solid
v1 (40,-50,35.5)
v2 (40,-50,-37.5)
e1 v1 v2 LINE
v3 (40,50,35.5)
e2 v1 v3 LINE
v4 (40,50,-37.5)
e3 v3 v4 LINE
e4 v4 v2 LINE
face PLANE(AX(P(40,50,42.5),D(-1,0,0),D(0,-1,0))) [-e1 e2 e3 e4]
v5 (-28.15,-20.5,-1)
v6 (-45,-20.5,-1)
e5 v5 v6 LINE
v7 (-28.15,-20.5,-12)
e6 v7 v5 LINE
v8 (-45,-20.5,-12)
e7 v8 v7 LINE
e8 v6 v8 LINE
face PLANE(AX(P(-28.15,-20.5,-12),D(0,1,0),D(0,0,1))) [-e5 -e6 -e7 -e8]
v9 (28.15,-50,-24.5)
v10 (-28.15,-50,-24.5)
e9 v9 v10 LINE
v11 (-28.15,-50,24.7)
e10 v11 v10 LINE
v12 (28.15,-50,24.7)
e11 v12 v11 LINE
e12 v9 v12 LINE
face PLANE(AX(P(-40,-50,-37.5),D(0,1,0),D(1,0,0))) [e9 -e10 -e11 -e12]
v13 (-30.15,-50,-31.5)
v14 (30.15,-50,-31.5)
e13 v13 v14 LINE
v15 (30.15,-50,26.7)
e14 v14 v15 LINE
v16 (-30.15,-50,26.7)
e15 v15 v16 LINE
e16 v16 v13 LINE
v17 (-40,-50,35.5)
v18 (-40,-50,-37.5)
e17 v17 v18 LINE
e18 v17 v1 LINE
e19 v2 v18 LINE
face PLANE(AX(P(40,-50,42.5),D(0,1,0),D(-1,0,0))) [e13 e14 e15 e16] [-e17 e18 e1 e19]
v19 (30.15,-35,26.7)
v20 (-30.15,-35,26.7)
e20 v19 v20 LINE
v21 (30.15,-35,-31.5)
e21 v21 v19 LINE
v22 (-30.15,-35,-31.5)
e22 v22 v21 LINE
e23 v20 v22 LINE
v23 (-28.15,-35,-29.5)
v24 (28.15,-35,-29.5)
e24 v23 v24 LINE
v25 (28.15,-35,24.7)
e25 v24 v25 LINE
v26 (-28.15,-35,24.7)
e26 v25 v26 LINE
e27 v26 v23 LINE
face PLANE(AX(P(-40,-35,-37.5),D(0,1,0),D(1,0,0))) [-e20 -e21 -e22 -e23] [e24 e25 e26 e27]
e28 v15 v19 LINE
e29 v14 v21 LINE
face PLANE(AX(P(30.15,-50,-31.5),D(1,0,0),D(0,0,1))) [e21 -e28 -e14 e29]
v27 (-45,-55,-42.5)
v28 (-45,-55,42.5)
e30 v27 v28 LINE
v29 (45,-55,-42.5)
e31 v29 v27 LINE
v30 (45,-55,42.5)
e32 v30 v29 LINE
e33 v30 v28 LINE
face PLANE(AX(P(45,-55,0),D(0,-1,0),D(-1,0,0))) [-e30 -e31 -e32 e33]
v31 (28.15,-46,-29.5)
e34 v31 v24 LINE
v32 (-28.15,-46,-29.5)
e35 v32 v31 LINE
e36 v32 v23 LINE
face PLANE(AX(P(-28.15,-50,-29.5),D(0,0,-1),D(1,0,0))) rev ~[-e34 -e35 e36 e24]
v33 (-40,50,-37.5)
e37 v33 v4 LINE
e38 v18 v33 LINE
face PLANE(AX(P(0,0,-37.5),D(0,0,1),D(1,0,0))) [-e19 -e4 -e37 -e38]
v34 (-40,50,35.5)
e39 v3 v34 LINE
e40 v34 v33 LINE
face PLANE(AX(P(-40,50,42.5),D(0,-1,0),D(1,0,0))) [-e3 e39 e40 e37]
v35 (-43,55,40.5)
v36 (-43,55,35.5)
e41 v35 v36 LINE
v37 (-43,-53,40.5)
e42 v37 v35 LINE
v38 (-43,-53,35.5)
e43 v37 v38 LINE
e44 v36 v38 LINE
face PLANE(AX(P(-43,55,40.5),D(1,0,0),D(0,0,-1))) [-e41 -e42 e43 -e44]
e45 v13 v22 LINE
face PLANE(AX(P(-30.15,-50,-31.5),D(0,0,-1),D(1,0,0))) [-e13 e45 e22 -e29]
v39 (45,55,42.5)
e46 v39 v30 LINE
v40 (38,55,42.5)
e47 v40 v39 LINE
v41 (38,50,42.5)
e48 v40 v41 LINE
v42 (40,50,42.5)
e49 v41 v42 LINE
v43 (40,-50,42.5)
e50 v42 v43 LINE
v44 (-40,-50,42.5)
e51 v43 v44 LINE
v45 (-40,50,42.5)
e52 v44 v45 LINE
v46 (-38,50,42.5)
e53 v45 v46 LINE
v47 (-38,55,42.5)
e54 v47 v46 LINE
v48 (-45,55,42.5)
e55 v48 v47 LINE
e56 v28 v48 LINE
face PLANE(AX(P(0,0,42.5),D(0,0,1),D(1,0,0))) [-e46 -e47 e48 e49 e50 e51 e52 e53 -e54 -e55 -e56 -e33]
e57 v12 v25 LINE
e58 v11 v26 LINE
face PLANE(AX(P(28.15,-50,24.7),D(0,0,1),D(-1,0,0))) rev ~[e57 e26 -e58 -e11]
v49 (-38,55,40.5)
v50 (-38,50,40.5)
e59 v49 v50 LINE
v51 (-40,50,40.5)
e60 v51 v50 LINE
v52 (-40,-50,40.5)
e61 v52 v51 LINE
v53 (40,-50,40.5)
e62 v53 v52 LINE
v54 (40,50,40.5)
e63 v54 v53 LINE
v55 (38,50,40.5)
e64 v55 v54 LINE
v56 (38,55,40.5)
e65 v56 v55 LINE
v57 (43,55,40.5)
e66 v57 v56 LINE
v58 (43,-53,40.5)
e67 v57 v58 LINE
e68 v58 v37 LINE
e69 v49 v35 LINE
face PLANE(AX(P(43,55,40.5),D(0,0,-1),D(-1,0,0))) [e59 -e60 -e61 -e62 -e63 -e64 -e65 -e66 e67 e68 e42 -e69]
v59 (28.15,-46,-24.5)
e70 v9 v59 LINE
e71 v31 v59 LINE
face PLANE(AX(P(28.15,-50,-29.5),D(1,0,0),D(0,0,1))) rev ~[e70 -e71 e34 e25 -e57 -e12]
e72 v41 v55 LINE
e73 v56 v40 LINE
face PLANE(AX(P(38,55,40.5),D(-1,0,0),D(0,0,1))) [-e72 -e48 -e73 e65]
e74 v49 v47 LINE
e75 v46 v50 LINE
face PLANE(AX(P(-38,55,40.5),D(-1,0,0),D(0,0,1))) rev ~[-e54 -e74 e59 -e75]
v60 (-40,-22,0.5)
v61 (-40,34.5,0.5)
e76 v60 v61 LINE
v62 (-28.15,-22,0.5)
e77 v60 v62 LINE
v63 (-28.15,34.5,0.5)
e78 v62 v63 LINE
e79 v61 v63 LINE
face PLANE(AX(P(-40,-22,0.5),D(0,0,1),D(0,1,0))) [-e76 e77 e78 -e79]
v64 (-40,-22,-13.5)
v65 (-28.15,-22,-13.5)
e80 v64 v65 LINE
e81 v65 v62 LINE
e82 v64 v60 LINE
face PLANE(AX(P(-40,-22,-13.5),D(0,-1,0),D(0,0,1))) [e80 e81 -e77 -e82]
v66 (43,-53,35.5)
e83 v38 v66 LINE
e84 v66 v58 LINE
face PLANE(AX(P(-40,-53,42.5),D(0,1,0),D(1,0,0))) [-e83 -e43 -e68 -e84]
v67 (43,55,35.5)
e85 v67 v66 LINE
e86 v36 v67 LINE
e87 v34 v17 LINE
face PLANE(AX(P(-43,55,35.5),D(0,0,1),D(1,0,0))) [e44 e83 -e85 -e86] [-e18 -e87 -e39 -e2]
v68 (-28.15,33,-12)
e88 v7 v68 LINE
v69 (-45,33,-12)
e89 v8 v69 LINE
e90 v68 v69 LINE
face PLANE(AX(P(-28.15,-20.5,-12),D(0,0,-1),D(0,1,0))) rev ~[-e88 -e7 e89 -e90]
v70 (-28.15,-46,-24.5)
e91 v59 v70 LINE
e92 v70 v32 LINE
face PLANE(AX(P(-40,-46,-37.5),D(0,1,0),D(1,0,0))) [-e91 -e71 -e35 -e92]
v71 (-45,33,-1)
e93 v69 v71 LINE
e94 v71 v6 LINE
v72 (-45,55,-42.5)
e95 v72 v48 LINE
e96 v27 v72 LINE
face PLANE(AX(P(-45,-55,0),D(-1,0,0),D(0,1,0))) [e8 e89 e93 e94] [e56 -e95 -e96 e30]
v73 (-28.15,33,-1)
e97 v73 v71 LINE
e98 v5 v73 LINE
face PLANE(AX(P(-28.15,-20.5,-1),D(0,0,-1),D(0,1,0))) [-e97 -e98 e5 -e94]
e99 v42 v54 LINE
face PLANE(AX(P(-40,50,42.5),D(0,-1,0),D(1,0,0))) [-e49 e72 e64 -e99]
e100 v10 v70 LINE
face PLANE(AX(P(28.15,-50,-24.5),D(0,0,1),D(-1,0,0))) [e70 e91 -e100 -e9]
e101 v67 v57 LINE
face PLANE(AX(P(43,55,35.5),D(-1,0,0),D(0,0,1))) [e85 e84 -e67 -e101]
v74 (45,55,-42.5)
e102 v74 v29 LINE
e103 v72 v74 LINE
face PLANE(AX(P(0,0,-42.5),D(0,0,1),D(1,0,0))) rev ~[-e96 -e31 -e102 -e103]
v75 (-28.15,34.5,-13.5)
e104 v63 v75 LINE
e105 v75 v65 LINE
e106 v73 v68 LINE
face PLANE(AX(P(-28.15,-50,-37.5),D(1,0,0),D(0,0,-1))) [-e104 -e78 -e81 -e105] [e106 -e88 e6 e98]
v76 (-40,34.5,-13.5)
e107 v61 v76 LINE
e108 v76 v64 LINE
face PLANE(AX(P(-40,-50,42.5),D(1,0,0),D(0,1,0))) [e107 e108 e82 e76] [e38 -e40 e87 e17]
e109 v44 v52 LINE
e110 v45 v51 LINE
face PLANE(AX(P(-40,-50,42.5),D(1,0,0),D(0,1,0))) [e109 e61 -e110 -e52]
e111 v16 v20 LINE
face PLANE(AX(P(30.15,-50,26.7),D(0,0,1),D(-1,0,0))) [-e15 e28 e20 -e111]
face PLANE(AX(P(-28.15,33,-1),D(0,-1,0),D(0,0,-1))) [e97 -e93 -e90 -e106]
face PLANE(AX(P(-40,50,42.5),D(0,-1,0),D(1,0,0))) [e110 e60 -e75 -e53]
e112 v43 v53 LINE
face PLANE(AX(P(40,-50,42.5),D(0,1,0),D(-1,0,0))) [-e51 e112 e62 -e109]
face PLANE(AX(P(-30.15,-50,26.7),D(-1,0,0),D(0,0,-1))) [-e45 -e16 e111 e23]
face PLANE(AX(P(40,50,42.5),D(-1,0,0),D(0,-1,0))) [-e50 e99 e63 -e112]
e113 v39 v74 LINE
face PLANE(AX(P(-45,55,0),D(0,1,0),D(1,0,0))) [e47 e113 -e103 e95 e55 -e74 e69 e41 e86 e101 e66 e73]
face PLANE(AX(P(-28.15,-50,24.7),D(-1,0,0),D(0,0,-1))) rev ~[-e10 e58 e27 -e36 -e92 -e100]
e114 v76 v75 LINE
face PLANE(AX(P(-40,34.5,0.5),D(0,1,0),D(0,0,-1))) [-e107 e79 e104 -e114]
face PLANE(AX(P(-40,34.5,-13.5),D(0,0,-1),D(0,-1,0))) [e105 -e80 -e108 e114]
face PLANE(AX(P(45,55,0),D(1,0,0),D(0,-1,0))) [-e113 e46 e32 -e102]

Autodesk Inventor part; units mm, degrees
ref_plane "YZ Plane" through (0, 0, 0) normal (1, 0, 0) x (0, 1, 0)
ref_plane "XZ Plane" through (0, 0, 0) normal (0, 1, 0) x (-1, 0, 0)
ref_plane "XY Plane" through (0, 0, 0) normal (0, 0, 1) x (1, 0, 0)
sketch "Sketch1" plane through (0, 0, 0) normal (0, 0, 1) x (1, 0, 0)
  line L0 (-45, 55) -> (45, 55)
  line L1 (45, 55) -> (45, -55)
  line L2 (45, -55) -> (-45, -55)
  line L3 (-45, -55) -> (-45, 55)
  point P0 (0, 0)
  point P1 (0, 55)
  point P2 (-45, 0)
  dimension "d0" = 110
  dimension "d1" = 90
extrude "Extrusion1" add sketch "Sketch1" along normal mid plane 85
sketch "Sketch2" plane through (0, 0, 42.5) normal (0, 0, 1) x (1, 0, 0)
  line L0 (-40, 50) -> (40, 50)
  line L1 (40, 50) -> (40, -50)
  line L2 (40, -50) -> (-40, -50)
  line L3 (-40, -50) -> (-40, 50)
  line L4 (45, 55) -> (-45, 55) projected
  line L5 (-45, 55) -> (-45, -55) projected
  point P0 (0, 0)
  point P1 (0, 50)
  point P2 (0, -50)
  point P3 (-40, 0)
  point P4 (40, 0)
  dimension "d6" = 5
  dimension "d7" = 5
extrude "Extrusion2" cut sketch "Sketch2" against normal blind 80
sketch "Sketch3" plane through (-45, 55, 42.5) normal (0, 1, 0) x (1, 0, 0)
  line L0 (2, 7) -> (88, 7)
  line L1 (88, 7) -> (88, 2)
  line L2 (2, 2) -> (2, 7)
  line L3 (90, 0) -> (0, 0) projected
  line L4 (0, 85) -> (0, 0) projected
  line L5 (7, 2) -> (7, 0)
  line L6 (85, 0) -> (5, 0) projected
  line L7 (83, 2) -> (83, 0)
  line L8 (88, 2) -> (83, 2)
  line L9 (7, 2) -> (2, 2)
  line L10 (7, 0) -> (83, 0)
  point P0 (45, 42.5)
  point P1 (45, 7)
  point P2 (2, 4.5)
  point P3 (7, 0)
  dimension "d14" = 2
  dimension "d15" = 5
  dimension "d16" = 7
  dimension "d17" = 7
  dimension "d18" = 7
  dimension "d19" = 5
extrude "Extrusion3" cut sketch "Sketch3" against normal up to surface (105 mm away)
sketch "Sketch4" plane through (-40, -50, 42.5) normal (0, 1, 0) x (1, 0, 0)
  line L0 (-3, 7) -> (83, 7)
  line L1 (83, 7) -> (83, 2)
  line L2 (83, 2) -> (-3, 2)
  line L3 (-3, 2) -> (-3, 7)
  line L4 (80, 0) -> (0, 0) projected
  point P0 (40, 42.5)
  point P1 (40, 2)
  point P2 (40, 0)
  point P3 (83, 4.5)
  point P4 (-3, 4.5)
  dimension "d22" = 2
  dimension "d23" = 86
  dimension "d24" = 5
extrude "Extrusion4" cut sketch "Sketch4" against normal blind 3
sketch "Sketch5" plane through (-40, -50, -37.5) normal (0, 1, 0) x (1, 0, 0)
  line L0 (80, 0) -> (0, 0) projected
  line L1 (11.85, -8) -> (68.15, -8)
  line L2 (68.15, -8) -> (68.15, -62.2)
  line L3 (68.15, -62.2) -> (11.85, -62.2)
  line L4 (11.85, -62.2) -> (11.85, -8)
  point P0 (40, -37.5)
  point P1 (40, -8)
  dimension "d37" = 56.3
  dimension "d38" = 54.2
  dimension "d39" = 8
sketch "Sketch6" plane through (-40, -50, -37.5) normal (0, 1, 0) x (1, 0, 0)
  line L0 (9.85, -6) -> (70.15, -6)
  line L1 (70.15, -6) -> (70.15, -64.2)
  line L2 (70.15, -64.2) -> (9.85, -64.2)
  line L3 (9.85, -64.2) -> (9.85, -6)
  line L4 (80, 0) -> (0, 0) projected
  point P0 (40, -37.5)
  point P1 (40, -6)
  dimension "d40" = 58.2
  dimension "d41" = 60.3
  dimension "d42" = 6
extrude "Extrusion5" add sketch "Sketch6" along normal blind 15
extrude "Extrusion6" cut sketch "Sketch5" along normal up to surface (15 mm away)
sketch "Sketch8" plane through (-40, -50, -37.5) normal (0, 1, 0) x (1, 0, 0)
  line L0 (11.85, -8) -> (68.15, -8) projected
  line L1 (68.15, -8) -> (68.15, -62.2) projected
  line L2 (11.85, -8) -> (68.15, -8)
  line L3 (68.15, -8) -> (68.15, -13)
  line L4 (68.15, -13) -> (11.85, -13)
  line L5 (11.85, -13) -> (11.85, -8)
  point P0 (40, -37.5)
  dimension "d48" = 5
extrude "Extrusion7" add sketch "Sketch8" along normal blind 4
sketch "Sketch10" plane through (-40, -50, -37.5) normal (1, 0, 0) x (0, 0, -1)
  line L0 (-25.5, 83) -> (-36.5, 83)
  line L1 (-36.5, 83) -> (-36.5, 29.5)
  line L2 (-36.5, 29.5) -> (-25.5, 29.5)
  line L3 (-25.5, 29.5) -> (-25.5, 83)
  line L4 (-8, 4) -> (-8, 15) projected
  line L5 (0, 0) -> (0, 100) projected
  line L6 (-13, 0) -> (-62.2, 0) projected
  point P0 (-37.5, 50)
  dimension "d52" = 25.5
  dimension "d53" = 11
  dimension "d54" = 29.5
  dimension "d55" = 53.5
extrude "Extrusion8" cut sketch "Sketch10" against normal up to surface (5 mm away)
sketch "Sketch11" plane through (-40, -50, -37.5) normal (1, 0, 0) x (0, 0, -1)
  line L0 (-38, 84.5) -> (-24, 84.5)
  line L1 (-24, 84.5) -> (-24, 28)
  line L2 (-24, 28) -> (-38, 28)
  line L3 (-38, 28) -> (-38, 84.5)
  line L4 (-36.5, 83) -> (-25.5, 83) projected
  line L5 (-36.5, 29.5) -> (-36.5, 83) projected
  point P0 (-37.5, 50)
  point P1 (-31, 84.5)
  point P2 (-31, 83)
  point P3 (-38, 56.25)
  point P4 (-36.5, 56.25)
  dimension "d58" = 1.5
  dimension "d59" = 1.5
extrude "Extrusion9" add sketch "Sketch11" along normal up to surface (11.85 mm away)
sketch "Sketch12" plane through (-28.15, -22, 0.5) normal (1, 0, 0) x (0, 0, -1)
  line L0 (12.5, 1.5) -> (12.5, 55) projected
  line L1 (1.5, 55) -> (12.5, 55)
  line L2 (12.5, 55) -> (12.5, 1.5)
  line L3 (12.5, 1.5) -> (1.5, 1.5)
  line L4 (1.5, 1.5) -> (1.5, 55)
  line L5 (14, 56.5) -> (0, 56.5) projected
  line L6 (0, 56.5) -> (0, 0) projected
  point P0 (0.5, 22)
  point P1 (7, 55)
  point P2 (7, 56.5)
  point P3 (0, 28.25)
  point P4 (1.5, 28.25)
  dimension "d62" = 1.5
extrude "Extrusion10" cut sketch "Sketch12" against normal up to surface (11.85 mm away)
properties part number "Part_C1"
